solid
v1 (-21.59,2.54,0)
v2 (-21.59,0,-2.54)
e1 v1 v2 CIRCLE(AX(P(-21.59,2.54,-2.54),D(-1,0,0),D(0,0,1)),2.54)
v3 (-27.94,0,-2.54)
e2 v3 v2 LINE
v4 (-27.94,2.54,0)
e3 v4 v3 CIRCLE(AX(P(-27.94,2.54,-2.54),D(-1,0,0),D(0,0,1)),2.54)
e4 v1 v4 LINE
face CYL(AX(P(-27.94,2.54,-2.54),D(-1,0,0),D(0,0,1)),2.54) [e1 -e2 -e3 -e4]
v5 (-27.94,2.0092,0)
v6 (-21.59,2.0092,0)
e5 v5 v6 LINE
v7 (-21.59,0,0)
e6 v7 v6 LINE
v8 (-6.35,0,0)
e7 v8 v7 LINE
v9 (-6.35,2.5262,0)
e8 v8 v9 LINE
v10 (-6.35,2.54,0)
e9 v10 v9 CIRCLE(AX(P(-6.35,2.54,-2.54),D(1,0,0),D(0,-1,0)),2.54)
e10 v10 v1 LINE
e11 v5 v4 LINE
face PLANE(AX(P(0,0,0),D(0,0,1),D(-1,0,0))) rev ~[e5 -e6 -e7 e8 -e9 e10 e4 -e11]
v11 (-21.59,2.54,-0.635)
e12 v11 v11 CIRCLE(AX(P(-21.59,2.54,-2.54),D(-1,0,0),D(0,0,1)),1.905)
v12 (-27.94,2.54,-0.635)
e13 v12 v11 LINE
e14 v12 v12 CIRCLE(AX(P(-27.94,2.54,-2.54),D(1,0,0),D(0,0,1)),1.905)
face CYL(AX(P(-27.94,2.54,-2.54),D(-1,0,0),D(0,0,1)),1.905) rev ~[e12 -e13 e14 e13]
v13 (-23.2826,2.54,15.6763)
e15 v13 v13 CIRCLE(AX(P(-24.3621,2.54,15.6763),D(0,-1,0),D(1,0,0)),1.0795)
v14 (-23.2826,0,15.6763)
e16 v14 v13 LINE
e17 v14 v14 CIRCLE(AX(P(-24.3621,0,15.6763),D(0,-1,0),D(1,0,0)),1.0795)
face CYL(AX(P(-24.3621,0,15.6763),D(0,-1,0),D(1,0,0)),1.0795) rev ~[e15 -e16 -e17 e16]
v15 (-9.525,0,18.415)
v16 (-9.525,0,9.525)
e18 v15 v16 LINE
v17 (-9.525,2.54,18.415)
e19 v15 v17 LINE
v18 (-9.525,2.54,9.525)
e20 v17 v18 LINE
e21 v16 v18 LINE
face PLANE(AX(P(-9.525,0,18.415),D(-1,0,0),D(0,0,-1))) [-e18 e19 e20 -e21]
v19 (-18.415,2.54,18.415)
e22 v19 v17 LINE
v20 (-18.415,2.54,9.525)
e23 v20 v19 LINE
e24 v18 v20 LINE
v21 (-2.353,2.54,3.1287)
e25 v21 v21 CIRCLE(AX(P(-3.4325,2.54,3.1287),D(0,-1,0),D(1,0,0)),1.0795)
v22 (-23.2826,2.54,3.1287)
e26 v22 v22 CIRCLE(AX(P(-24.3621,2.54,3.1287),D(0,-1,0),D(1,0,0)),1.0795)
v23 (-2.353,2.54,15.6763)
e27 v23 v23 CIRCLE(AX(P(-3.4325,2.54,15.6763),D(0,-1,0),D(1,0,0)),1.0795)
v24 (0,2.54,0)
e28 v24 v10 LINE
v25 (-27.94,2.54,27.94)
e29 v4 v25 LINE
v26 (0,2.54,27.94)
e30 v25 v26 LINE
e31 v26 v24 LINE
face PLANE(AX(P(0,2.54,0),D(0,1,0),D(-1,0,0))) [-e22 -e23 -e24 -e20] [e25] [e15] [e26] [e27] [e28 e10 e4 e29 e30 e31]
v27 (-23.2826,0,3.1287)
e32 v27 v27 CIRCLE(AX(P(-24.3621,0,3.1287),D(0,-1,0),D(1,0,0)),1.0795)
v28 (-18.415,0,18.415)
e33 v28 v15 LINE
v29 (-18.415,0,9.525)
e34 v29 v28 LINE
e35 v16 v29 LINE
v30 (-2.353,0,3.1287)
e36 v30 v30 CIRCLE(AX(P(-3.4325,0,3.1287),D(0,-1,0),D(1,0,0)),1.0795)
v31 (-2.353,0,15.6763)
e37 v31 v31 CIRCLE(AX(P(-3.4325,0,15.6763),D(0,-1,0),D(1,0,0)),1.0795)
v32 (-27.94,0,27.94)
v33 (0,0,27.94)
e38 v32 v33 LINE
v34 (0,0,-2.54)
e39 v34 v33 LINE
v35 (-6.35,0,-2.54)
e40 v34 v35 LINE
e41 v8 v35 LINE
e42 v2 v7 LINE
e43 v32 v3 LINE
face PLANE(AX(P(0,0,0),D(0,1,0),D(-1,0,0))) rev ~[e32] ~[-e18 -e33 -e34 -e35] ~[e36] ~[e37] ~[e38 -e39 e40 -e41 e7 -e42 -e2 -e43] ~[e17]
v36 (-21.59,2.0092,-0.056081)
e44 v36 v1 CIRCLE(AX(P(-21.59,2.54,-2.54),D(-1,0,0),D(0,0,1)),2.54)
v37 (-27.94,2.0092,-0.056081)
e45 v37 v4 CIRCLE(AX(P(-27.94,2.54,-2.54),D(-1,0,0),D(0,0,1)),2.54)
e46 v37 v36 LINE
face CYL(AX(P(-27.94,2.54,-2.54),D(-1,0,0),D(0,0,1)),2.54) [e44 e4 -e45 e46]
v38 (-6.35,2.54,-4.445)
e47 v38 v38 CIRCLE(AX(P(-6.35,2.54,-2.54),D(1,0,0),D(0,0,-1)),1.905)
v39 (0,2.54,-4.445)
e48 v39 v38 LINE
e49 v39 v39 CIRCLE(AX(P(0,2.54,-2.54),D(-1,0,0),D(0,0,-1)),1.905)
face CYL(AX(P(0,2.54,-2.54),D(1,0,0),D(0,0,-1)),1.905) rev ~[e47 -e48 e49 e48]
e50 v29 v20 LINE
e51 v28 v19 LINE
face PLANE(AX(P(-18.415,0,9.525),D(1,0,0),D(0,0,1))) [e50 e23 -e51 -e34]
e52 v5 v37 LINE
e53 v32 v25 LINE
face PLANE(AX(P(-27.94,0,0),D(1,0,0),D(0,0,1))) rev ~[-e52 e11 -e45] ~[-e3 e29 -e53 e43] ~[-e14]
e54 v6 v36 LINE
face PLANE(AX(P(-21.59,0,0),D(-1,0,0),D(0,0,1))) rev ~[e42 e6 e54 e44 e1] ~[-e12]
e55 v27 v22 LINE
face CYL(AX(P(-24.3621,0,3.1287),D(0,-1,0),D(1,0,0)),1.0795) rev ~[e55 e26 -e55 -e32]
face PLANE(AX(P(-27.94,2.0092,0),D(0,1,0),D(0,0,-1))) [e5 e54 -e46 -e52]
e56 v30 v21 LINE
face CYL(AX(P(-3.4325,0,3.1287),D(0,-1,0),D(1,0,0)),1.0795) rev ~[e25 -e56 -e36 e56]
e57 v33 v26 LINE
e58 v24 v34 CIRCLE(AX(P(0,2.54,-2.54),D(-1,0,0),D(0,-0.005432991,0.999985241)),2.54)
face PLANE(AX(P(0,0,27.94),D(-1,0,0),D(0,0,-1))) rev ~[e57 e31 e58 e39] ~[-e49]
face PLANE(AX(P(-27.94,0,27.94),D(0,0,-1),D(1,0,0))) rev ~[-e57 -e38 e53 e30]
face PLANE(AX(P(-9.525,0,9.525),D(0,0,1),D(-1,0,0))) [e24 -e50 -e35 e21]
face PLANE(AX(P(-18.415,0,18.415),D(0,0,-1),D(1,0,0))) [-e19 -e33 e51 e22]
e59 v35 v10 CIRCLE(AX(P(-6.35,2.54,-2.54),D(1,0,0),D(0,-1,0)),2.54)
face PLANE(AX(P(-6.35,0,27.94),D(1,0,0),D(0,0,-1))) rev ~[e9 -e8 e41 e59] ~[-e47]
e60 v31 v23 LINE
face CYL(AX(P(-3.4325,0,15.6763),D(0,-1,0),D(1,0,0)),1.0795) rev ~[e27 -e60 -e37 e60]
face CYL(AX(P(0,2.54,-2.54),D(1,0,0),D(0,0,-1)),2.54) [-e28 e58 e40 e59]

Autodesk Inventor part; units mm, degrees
ref_plane "YZ Plane" through (0, 0, 0) normal (1, 0, 0) x (0, 1, 0)
ref_plane "XZ Plane" through (0, 0, 0) normal (0, 1, 0) x (-1, 0, 0)
sketch "Sketch1" plane through (0, 0, 0) normal (0, 1, 0) x (-1, 0, 0)
  line L0 (0, 0) -> (27.94, 0)
  line L1 (27.94, 0) -> (27.94, 27.94)
  line L2 (27.94, 27.94) -> (0, 27.94)
  line L3 (0, 27.94) -> (0, 0)
  line L4 (18.415, 18.415) -> (9.525, 18.415)
  line L5 (9.525, 18.415) -> (9.525, 9.525)
  line L6 (9.525, 9.525) -> (18.415, 9.525)
  line L7 (18.415, 9.525) -> (18.415, 18.415)
  line L8 (27.94, 0) -> (18.415, 9.525)
  line L9 (9.525, 18.415) -> (0, 27.94)
  line L10 (27.94, 27.94) -> (18.415, 18.415)
  line L11 (9.525, 9.525) -> (0, 0)
  dimension "d0" = 27.94
  dimension "d1" = 8.89
extrude "Extrusion1" add sketch "Sketch1" along normal blind 2.54 contours L11 L6 L8 L0 | L3 L9 L5 L11 | L8 L7 L10 L1 | L2 L10 L4 L9
sketch "Sketch2" plane through (0, 0, 27.94) normal (1, 0, 0) x (0, 0, -1)
  circle A0 centre (30.48, 2.54) radius 2.54
  line L0 (27.94, 0) -> (30.48, 0)
  line L1 (27.94, 2.5262) -> (27.94, 0)
  circle A1 centre (30.48, 2.54) radius 1.905
  line L2 (0, 0) -> (27.94, 0) projected
  line L3 (27.94, 0) -> (27.94, 2.54) projected
  line L4 (27.94, 2.54) -> (27.94, 0)
  line L5 (27.94, 0) -> (30.48, 0)
  line L6 (27.94, 2.54) -> (28.575, 2.54)
  line L7 (28.575, 2.54) -> (28.575, 0)
  line L8 (28.575, 0) -> (27.94, 0)
  line L9 (27.94, 0) -> (27.94, 2.54)
  line L10 (30.48, 0.635) -> (27.94, 0.635)
  line L11 (27.94, 0.635) -> (27.94, 0)
  line L12 (27.94, 0) -> (30.48, 0)
  line L13 (30.48, 0) -> (30.48, 0.635)
  line L14 (28.9005, 1.0162) -> (28.3369, 1.0162)
  line L15 (28.3369, 1.0162) -> (28.3369, 0.4026)
  line L16 (28.3369, 0.4026) -> (28.9005, 0.4026)
  line L17 (28.9005, 0.4026) -> (28.9005, 1.0162)
  dimension "d4" = 5.08
  dimension "d5" = 3.81
sketch "Sketch3" plane through (-27.94, 0, 0) normal (-1, 0, 0) x (0, 0, 1)
  circle A0 centre (-2.54, 2.54) radius 1.905
  circle A1 centre (-2.54, 2.54) radius 2.54
  line L0 (-0.3403, 2.54) -> (-0.3403, 0)
  line L1 (0, 2.54) -> (0, 0) projected
  line L2 (-0.3403, 0) -> (0, 0)
  line L3 (0, 0) -> (0, 2.54)
  line L4 (0, 2.54) -> (-0.3403, 2.54)
  line L5 (0, 0) -> (-5.4168, 0)
  line L6 (0, 0) -> (0, 2.54) projected
  line L7 (0, 2.0092) -> (-0.6973, 2.0092)
  line L8 (-0.6973, 2.0092) -> (-0.6973, 0)
  line L9 (-0.6973, 0) -> (0, 0)
  line L10 (0, 0) -> (0, 2.0092)
  line L11 (-2.54, 0.635) -> (0, 0.635)
  line L12 (0, 0.635) -> (0, 0)
  line L13 (0, 0) -> (-2.54, 0)
  line L14 (-2.54, 0) -> (-2.54, 0.635)
  line L15 (-1.27, 1.1201) -> (0, 1.1201)
  line L16 (0, 1.1201) -> (0, 0)
  line L17 (0, 0) -> (-1.27, 0)
  line L18 (-1.27, 0) -> (-1.27, 1.1201)
  point P0 (0, 1.27)
  dimension "d10" = 5.08
  dimension "d11" = 3.81
ref_plane "Work Plane1" through (-6.35, 0, 0) normal (0, 0, -1) x (-1, 0, 0)
sketch "Sketch5" plane through (0, 0, 0) normal (0, -1, 0) x (1, 0, 0)
  circle A0 centre (-24.3621, 3.1287) radius 1.0795
  circle A1 centre (-24.3621, 3.1287) radius 1.0795 projected
  circle A2 centre (-3.4325, 3.1287) radius 1.0795
  circle A3 centre (-3.4325, 15.6763) radius 1.0795
  circle A4 centre (-24.3621, 15.6763) radius 1.0795
  circle A5 centre (-3.4325, 15.6763) radius 1.0795
  circle A6 centre (-3.4325, 3.1287) radius 1.0795
  circle A7 centre (-24.3621, 3.1287) radius 1.0795
  circle A8 centre (-24.3621, 15.6763) radius 1.0795
  point P0 (0, 0)
extrude "Extrusion5" cut sketch "Sketch5" against normal blind 6.0325
extrude "Extrusion6" add sketch "Sketch2" against normal blind 6.35 contours A0 L13 A1 L6 | L6 L7 L14 A0 | L0 L7 L16 L17 A0 | A0 L17 L10 L13 | A0 L14 L15 L10 L1 | A1 L10 L17 L14 L7 | L17 L16 L7 L10 A0 | A0 L10 L17 | L0 L1 L10 L15 L16 L7 | L14 L7 A0 | A0 L7 L10 L15 L14 | L14 L17 L10 A0 L7 | L10 L7 A0 | L16 L15 L10 L7
extrude "Extrusion7" add sketch "Sketch3" against normal blind 6.35 contours A0 L14 A1 L4 L0 L7 L8 L15 | A0 L18 L11 | L11 L18 A1 L14 | L15 L8 A1 L11 L18 | L11 A1 L18 | A1 L18 L5 | L15 A1 L8 | L8 L7 L0 A1 L15 | L11 L8 L5 L18 A1 | A1 L8 L11 | A1 L7 L0 L4 | A1 L15 L0 L11 L8 | A1 L0 L15 | L11 L0 L5 L8 | L7 L1 L15 L0 A1 | A1 L0 L7 | L15 L1 L11 L0 | L11 L1 L2 L0
properties part number "Top of the cam case (real version)"
